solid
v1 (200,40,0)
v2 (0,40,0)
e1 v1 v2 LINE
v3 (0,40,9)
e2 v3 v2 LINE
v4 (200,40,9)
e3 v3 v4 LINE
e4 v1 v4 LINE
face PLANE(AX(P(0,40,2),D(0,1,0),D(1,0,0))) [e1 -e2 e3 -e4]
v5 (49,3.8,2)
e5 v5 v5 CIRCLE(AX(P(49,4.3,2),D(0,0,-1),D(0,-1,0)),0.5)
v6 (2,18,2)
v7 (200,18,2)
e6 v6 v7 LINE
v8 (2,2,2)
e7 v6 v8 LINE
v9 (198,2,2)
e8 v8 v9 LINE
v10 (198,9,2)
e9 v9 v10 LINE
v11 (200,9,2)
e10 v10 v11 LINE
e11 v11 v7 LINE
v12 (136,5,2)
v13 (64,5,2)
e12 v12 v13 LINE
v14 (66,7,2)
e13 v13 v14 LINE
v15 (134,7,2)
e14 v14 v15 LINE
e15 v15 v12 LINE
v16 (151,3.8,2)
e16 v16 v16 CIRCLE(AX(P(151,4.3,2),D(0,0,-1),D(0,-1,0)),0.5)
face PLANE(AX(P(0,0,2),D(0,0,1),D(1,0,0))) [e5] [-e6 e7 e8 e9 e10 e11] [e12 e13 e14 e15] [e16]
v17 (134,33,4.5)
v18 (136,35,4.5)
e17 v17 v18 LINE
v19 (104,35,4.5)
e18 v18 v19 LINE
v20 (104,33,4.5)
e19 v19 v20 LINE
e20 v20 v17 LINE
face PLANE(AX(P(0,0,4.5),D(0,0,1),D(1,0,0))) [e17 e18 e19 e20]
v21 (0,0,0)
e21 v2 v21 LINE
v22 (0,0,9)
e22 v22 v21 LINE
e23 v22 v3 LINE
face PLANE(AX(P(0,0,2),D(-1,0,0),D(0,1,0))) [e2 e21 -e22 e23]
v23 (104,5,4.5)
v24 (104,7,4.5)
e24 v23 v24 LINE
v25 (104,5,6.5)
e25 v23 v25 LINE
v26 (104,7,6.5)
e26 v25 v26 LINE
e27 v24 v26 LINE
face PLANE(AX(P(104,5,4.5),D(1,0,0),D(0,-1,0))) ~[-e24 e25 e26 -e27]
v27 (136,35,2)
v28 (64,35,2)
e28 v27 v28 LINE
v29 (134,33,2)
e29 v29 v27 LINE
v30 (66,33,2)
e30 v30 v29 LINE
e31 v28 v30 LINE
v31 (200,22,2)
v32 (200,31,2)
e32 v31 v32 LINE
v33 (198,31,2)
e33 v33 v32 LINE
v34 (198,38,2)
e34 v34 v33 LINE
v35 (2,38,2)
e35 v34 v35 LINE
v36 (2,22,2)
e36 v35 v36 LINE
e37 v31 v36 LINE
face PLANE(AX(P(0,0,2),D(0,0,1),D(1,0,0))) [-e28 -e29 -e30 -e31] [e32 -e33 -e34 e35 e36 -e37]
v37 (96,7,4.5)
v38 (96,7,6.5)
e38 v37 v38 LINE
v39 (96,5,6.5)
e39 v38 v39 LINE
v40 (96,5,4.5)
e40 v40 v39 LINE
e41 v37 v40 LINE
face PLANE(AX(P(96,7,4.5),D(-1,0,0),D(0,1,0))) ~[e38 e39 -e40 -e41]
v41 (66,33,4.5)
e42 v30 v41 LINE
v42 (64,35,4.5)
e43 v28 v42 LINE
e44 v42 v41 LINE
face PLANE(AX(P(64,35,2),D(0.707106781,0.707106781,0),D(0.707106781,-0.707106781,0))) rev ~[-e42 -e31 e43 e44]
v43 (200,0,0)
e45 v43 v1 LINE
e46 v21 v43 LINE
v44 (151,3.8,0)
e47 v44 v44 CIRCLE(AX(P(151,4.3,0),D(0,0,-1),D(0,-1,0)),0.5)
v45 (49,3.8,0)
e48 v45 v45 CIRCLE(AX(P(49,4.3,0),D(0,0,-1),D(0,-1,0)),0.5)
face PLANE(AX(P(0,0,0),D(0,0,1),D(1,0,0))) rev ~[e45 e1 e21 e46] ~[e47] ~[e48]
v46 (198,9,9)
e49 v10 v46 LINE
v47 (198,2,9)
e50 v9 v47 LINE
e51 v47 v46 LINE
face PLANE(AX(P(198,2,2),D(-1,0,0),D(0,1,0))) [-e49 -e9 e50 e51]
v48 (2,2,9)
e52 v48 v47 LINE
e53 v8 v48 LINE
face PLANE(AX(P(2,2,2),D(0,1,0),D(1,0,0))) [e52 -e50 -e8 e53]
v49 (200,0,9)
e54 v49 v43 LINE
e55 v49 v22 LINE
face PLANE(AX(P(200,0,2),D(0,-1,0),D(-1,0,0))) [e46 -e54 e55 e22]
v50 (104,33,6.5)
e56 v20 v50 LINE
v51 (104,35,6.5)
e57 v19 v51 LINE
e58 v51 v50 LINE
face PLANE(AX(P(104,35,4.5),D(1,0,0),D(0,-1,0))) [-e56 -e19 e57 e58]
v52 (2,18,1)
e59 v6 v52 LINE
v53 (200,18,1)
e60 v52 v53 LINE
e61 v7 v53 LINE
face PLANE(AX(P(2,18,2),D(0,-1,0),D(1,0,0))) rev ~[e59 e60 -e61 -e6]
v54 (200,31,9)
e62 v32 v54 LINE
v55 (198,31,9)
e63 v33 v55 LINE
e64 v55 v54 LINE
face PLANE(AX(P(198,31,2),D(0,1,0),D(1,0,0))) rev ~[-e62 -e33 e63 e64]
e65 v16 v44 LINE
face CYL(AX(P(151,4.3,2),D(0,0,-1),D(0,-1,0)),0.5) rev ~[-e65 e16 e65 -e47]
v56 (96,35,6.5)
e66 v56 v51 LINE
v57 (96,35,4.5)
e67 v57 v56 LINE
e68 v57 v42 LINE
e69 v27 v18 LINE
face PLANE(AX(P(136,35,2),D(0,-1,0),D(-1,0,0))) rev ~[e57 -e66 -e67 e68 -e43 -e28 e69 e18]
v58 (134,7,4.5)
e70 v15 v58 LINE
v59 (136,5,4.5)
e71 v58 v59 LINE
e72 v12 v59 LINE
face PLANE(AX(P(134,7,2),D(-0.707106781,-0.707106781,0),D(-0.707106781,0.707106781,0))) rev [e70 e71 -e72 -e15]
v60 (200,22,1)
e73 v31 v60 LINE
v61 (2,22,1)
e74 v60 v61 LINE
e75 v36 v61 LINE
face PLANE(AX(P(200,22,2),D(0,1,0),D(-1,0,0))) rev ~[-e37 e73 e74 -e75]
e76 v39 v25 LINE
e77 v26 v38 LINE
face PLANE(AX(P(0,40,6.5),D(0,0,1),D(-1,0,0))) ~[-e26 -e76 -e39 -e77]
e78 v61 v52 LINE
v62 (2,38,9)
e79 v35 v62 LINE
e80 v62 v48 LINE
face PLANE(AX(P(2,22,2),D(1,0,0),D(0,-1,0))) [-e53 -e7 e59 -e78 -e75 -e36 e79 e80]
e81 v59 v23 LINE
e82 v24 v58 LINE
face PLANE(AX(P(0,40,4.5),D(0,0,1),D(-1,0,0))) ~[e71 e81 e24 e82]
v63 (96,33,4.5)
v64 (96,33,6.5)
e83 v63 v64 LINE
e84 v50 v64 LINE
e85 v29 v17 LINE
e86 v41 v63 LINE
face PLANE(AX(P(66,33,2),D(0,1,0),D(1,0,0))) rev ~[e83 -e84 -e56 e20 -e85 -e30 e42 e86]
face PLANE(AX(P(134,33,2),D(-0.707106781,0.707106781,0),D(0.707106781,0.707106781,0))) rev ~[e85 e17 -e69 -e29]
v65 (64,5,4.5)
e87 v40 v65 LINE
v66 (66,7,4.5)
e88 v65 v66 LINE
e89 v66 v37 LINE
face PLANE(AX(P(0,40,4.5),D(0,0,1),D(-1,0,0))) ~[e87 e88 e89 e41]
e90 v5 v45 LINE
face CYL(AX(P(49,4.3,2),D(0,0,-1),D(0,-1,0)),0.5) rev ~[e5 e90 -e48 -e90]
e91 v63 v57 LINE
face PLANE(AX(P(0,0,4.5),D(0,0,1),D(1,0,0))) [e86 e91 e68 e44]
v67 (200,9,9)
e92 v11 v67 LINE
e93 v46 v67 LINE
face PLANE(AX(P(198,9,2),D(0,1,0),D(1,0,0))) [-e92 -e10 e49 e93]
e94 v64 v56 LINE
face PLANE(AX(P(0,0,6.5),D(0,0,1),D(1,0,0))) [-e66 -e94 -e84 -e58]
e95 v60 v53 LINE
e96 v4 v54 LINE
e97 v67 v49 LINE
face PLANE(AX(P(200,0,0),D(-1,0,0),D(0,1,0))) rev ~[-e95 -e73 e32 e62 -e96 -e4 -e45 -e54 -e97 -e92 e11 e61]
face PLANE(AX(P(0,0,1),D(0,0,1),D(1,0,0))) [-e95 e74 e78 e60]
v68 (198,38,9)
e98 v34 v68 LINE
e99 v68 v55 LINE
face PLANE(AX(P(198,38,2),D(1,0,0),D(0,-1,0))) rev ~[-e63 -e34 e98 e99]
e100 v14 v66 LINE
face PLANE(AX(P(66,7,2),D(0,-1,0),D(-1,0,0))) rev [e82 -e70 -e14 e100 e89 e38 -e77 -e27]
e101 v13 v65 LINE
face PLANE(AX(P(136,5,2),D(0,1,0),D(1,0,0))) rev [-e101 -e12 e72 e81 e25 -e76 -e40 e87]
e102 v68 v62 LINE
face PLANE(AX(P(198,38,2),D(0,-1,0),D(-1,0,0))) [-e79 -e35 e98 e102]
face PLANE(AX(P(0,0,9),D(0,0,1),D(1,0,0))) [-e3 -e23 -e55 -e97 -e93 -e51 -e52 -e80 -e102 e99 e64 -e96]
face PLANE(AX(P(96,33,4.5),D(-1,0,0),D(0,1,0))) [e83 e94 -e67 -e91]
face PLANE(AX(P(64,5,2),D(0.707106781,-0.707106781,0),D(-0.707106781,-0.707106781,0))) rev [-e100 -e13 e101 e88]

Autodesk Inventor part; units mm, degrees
ref_plane "YZ Plane" through (0, 0, 0) normal (1, 0, 0) x (0, 1, 0)
ref_plane "XZ Plane" through (0, 0, 0) normal (0, 1, 0) x (-1, 0, 0)
sketch "Boceto1" plane through (0, 0, 0) normal (0, 0, 1) x (1, 0, 0)
  line L0 (0, 0) -> (200, 0)
  line L1 (200, 0) -> (200, 40)
  line L2 (200, 40) -> (0, 40)
  line L3 (0, 40) -> (0, 0)
  dimension "d0" = 200
  dimension "d1" = 40
extrude "Base" add sketch "Boceto1" along normal blind 2
sketch "Boceto2" plane through (0, 0, 2) normal (0, 0, 1) x (1, 0, 0)
  line L0 (200, 40) -> (200, 0) projected
  line L1 (200, 22) -> (2, 22)
  line L2 (2, 22) -> (2, 18)
  line L3 (2, 18) -> (200, 18)
  line L4 (200, 18) -> (200, 22)
  point P0 (0, 40)
  point P1 (200, 20)
  dimension "d4" = 4
  dimension "d5" = 2
extrude "Canal" cut sketch "Boceto2" against normal blind 1
sketch "Boceto3" plane through (0, 0, 2) normal (0, 0, 1) x (1, 0, 0)
  line L0 (2, 22) -> (200, 22) projected
  line L1 (200, 40) -> (200, 22) projected
  line L2 (0, 40) -> (200, 40) projected
  line L3 (0, 0) -> (0, 40) projected
  line L4 (200, 0) -> (0, 0) projected
  line L5 (200, 18) -> (200, 0) projected
  line L6 (198, 38) -> (2, 38)
  line L7 (2, 38) -> (2, 2)
  line L8 (2, 2) -> (198, 2)
  line L9 (198, 2) -> (198, 9)
  line L10 (198, 9) -> (200, 9)
  line L11 (198, 38) -> (198, 31)
  line L12 (198, 31) -> (200, 31)
  dimension "d8" = 2
  dimension "d9" = 2
  dimension "d10" = 2
  dimension "d11" = 2
  dimension "d12" = 2
  dimension "d33" = 7
  dimension "d34" = 7
extrude "Paredes" add sketch "Boceto3" along normal blind 7 contours L7 L8 L9 L10 L5 L4 L3 L2 L1 L12 L11 L6
ref_plane "Mitad" through (1, 20, 0) normal (0, 1, 0) x (1, 0, 0)
sketch "Boceto4" plane through (0, 0, 2) normal (0, 0, 1) x (1, 0, 0)
  line L0 (200, 0) -> (0, 0) projected
  point P0 (49, 4.3)
  point P1 (151, 4.3)
  dimension "d36" = 4.3
  dimension "d37" = 4.3
hole "Hole1" at (49, 4.3, 2) at (151, 4.3, 2) direction (0, 0, -1) diameter 1 end through all
sketch "Boceto5" plane through (0, 0, 2) normal (0, 0, 1) x (1, 0, 0)
  line L0 (2, 38) -> (2, 22) projected
  line L1 (198, 38) -> (2, 38) projected
  line L2 (136, 35) -> (64, 35)
  line L3 (64, 35) -> (66, 33)
  line L4 (66, 33) -> (134, 33)
  line L5 (134, 33) -> (136, 35)
  line L6 (198, 31) -> (198, 38) projected
  point P0 (0, 0)
  dimension "d23" = 2
  dimension "d24" = 2
  dimension "d25" = 3
  dimension "d26" = 62
  dimension "d35" = 62
extrude "Extrusión4" add sketch "Boceto5" along normal blind 2.5
sketch "Boceto6" plane through (0, 0, 4.5) normal (0, 0, 1) x (1, 0, 0)
  line L0 (64, 35) -> (136, 35) projected
  line L1 (134, 33) -> (66, 33) projected
  line L2 (96, 35) -> (104, 35)
  line L3 (104, 35) -> (104, 33)
  line L4 (104, 33) -> (96, 33)
  line L5 (96, 33) -> (96, 35)
  point P0 (0, 0)
  point P1 (100, 35)
  dimension "d30" = 8
extrude "Extrusión5" add sketch "Boceto6" along normal blind 2
mirror "Simetría1" about plane through (1, 20, 0) normal (0, 1, 0) of "Extrusión4", "Extrusión5"
properties part number "Base"
